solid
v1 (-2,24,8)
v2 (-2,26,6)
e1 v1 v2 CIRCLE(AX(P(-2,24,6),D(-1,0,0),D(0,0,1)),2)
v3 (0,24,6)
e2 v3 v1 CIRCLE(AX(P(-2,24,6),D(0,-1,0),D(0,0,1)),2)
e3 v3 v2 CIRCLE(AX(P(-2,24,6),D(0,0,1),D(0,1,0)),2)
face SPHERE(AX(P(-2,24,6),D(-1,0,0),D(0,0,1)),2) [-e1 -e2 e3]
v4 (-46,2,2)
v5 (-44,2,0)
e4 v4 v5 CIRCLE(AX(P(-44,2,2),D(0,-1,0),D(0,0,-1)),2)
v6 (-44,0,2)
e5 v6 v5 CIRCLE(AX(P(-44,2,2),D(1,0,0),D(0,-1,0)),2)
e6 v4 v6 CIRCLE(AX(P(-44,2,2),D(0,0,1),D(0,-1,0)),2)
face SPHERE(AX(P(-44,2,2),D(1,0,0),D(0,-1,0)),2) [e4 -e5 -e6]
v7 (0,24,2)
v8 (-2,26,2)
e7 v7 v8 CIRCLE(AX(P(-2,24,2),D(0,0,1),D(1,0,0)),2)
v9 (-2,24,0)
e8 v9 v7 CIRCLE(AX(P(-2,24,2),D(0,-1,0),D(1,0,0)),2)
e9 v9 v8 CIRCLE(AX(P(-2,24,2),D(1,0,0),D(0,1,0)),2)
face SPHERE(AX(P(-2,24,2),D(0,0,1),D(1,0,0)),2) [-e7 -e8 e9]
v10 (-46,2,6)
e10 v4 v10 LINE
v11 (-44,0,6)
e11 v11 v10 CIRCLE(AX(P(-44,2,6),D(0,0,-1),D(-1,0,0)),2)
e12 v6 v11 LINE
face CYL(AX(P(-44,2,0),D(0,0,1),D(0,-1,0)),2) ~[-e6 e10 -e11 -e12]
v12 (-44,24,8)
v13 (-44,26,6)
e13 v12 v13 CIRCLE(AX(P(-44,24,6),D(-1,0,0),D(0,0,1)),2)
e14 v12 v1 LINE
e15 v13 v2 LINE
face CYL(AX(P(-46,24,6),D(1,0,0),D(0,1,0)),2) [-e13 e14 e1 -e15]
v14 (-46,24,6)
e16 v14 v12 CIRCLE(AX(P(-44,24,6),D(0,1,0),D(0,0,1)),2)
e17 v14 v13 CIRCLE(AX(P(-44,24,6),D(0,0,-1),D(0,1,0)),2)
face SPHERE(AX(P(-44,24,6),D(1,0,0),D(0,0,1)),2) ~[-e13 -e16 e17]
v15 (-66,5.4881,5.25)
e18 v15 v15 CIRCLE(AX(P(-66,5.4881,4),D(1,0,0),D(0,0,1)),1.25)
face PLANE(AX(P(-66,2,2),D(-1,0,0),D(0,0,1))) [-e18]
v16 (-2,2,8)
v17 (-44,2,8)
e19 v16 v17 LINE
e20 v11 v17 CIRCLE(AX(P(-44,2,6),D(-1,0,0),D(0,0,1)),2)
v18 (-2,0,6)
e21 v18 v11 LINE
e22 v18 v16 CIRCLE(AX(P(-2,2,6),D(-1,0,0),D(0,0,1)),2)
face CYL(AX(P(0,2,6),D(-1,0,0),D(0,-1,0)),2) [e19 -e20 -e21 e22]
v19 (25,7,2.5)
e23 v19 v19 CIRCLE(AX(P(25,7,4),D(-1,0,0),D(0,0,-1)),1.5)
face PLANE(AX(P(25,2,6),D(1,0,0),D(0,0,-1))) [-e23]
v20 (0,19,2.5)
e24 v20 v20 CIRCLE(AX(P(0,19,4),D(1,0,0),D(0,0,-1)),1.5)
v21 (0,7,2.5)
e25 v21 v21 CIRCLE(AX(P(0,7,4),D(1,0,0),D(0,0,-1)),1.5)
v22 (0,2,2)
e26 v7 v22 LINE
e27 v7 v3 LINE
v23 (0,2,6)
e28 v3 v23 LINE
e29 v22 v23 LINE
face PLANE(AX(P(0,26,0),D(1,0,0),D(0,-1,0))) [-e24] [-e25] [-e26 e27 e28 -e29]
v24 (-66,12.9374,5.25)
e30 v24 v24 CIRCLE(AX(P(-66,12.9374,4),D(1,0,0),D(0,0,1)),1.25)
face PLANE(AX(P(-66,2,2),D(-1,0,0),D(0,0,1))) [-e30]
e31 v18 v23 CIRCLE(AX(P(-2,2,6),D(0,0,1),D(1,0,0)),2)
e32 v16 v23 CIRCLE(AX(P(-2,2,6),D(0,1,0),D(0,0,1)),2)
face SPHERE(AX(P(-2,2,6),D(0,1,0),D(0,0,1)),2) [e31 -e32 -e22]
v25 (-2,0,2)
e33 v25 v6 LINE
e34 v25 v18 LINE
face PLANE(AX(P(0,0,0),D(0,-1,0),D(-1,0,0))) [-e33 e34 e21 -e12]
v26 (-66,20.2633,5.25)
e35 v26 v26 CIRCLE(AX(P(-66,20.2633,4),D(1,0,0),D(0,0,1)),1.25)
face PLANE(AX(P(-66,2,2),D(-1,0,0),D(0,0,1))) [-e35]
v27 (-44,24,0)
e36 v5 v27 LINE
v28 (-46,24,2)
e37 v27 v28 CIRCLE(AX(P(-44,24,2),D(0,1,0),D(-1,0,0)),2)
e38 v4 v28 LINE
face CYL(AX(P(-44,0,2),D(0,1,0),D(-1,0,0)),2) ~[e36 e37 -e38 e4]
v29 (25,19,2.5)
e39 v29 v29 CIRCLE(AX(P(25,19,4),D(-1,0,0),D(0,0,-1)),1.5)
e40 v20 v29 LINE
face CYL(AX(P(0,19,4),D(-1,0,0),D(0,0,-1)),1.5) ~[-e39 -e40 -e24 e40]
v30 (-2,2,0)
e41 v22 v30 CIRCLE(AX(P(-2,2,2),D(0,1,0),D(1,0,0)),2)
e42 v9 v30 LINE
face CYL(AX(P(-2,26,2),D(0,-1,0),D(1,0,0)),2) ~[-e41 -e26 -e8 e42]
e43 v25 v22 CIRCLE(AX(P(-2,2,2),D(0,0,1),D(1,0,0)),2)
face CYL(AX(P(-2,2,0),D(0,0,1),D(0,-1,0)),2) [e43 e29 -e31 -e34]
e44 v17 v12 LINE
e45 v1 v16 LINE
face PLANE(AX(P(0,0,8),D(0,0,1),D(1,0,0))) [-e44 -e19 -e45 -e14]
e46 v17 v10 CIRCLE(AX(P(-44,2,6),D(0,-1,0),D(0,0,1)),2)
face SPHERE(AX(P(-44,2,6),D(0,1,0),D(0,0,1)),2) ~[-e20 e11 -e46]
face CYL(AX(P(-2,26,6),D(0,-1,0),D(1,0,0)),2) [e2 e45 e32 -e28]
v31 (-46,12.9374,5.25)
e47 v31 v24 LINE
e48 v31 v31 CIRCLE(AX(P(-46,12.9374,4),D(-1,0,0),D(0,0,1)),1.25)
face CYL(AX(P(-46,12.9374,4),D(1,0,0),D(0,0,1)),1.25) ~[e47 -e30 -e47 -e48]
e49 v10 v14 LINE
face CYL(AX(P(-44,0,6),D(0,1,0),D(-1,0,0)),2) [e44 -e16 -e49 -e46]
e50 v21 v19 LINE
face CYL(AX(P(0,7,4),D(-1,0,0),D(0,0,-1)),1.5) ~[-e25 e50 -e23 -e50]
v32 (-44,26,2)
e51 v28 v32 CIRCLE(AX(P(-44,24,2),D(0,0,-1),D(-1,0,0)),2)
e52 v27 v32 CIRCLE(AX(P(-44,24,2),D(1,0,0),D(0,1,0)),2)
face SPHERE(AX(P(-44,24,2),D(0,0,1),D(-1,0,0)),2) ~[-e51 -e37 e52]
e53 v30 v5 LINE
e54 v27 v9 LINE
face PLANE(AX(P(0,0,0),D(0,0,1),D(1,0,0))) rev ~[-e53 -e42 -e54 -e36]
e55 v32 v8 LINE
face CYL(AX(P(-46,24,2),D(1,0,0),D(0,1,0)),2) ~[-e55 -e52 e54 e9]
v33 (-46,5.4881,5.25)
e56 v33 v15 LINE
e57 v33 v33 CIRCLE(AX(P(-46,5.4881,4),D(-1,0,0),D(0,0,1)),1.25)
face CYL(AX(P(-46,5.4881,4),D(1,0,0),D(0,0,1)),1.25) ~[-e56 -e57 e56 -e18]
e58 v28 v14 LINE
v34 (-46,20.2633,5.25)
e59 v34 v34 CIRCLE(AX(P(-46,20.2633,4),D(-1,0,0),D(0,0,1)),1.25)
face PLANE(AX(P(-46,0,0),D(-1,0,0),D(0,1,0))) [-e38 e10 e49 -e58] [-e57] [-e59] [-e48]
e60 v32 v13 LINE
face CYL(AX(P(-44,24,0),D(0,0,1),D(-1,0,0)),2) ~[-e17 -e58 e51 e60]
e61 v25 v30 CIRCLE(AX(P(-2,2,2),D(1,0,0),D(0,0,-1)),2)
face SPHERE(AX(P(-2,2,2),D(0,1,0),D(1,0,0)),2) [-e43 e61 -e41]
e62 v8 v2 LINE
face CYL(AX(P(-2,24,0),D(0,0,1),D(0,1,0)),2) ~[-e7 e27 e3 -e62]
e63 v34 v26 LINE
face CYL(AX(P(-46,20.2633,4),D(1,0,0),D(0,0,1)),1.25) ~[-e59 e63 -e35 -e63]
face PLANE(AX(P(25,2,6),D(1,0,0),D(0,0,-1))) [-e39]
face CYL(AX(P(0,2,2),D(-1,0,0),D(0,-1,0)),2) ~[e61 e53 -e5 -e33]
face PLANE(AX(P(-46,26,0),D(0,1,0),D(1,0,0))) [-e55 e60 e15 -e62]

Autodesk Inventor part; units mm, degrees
ref_plane "YZ Plane" through (0, 0, 0) normal (1, 0, 0) x (0, 1, 0)
ref_plane "XZ Plane" through (0, 0, 0) normal (0, 1, 0) x (-1, 0, 0)
ref_plane "XY Plane" through (0, 0, 0) normal (0, 0, 1) x (1, 0, 0)
sketch "Sketch1" plane through (0, 0, 0) normal (0, 0, 1) x (1, 0, 0)
  line L0 (0, 0) -> (-46, 0)
  line L1 (-46, 0) -> (-46, 26)
  line L2 (-46, 26) -> (0, 26)
  line L3 (0, 26) -> (0, 0)
  dimension "d0" = 46
  dimension "d1" = 26
extrude "Extrusion1" add sketch "Sketch1" along normal blind 8
fillet "Fillet1" radius 2 12 edges at (-23, 26, 8) (-46, 13, 8) (-46, 26, 4) (0, 13, 8) (-23, 0, 8) (0, 26, 4) (0, 13, 0) (0, 0, 4) (-23, 0, 0) (-46, 0, 4) (-46, 13, 0) (-23, 26, 0)
sketch "Sketch2" plane through (0, 2, 6) normal (1, 0, 0) x (0, 0, -1)
  circle A0 centre (2, 17) radius 1.5
  line L0 (0, 0) -> (0, 22) projected
  line L1 (0, 22) -> (4, 22) projected
  line L2 (4, 22) -> (4, 0) projected
  line L3 (4, 0) -> (0, 0) projected
  circle A1 centre (2, 5) radius 1.5
  line L4 (2, 26.4217) -> (2, -4.8985)
  point P0 (6, -2)
  dimension "d5" = 3
  dimension "d6" = 3
  dimension "d7" = 5
  dimension "d8" = 5
extrude "Extrusion2" add sketch "Sketch2" along normal blind 25 contours A0 L4 | L4 A0 | L4 A1 | A1 L4
sketch "Sketch3" plane through (-46, 2, 2) normal (-1, 0, 0) x (0, 0, 1)
  line L0 (4, 22) -> (4, 0) projected
  line L1 (0, 22) -> (4, 22) projected
  line L2 (0, 22) -> (4, 22) projected
  line L3 (0, 0) -> (0, 22) projected
  line L4 (4, 0) -> (0, 0) projected
  line L5 (4, 22) -> (4, 0) projected
  circle A0 centre (2, 18.2633) radius 1.25
  circle A1 centre (2, 10.9374) radius 1.25
  circle A2 centre (2, 3.4881) radius 1.25
  line L6 (2, 27.5735) -> (2, -5.6987)
  point P0 (-2, -2)
  dimension "d11" = 2.5
  dimension "d12" = 2.5
  dimension "d13" = 2.5
extrude "Extrusion3" add sketch "Sketch3" along normal blind 20 contours L6 A0 | A0 L6 | L6 A2 | A2 L6 | L6 A1 | A1 L6
properties part number "Esc_BlHeli_30A"
